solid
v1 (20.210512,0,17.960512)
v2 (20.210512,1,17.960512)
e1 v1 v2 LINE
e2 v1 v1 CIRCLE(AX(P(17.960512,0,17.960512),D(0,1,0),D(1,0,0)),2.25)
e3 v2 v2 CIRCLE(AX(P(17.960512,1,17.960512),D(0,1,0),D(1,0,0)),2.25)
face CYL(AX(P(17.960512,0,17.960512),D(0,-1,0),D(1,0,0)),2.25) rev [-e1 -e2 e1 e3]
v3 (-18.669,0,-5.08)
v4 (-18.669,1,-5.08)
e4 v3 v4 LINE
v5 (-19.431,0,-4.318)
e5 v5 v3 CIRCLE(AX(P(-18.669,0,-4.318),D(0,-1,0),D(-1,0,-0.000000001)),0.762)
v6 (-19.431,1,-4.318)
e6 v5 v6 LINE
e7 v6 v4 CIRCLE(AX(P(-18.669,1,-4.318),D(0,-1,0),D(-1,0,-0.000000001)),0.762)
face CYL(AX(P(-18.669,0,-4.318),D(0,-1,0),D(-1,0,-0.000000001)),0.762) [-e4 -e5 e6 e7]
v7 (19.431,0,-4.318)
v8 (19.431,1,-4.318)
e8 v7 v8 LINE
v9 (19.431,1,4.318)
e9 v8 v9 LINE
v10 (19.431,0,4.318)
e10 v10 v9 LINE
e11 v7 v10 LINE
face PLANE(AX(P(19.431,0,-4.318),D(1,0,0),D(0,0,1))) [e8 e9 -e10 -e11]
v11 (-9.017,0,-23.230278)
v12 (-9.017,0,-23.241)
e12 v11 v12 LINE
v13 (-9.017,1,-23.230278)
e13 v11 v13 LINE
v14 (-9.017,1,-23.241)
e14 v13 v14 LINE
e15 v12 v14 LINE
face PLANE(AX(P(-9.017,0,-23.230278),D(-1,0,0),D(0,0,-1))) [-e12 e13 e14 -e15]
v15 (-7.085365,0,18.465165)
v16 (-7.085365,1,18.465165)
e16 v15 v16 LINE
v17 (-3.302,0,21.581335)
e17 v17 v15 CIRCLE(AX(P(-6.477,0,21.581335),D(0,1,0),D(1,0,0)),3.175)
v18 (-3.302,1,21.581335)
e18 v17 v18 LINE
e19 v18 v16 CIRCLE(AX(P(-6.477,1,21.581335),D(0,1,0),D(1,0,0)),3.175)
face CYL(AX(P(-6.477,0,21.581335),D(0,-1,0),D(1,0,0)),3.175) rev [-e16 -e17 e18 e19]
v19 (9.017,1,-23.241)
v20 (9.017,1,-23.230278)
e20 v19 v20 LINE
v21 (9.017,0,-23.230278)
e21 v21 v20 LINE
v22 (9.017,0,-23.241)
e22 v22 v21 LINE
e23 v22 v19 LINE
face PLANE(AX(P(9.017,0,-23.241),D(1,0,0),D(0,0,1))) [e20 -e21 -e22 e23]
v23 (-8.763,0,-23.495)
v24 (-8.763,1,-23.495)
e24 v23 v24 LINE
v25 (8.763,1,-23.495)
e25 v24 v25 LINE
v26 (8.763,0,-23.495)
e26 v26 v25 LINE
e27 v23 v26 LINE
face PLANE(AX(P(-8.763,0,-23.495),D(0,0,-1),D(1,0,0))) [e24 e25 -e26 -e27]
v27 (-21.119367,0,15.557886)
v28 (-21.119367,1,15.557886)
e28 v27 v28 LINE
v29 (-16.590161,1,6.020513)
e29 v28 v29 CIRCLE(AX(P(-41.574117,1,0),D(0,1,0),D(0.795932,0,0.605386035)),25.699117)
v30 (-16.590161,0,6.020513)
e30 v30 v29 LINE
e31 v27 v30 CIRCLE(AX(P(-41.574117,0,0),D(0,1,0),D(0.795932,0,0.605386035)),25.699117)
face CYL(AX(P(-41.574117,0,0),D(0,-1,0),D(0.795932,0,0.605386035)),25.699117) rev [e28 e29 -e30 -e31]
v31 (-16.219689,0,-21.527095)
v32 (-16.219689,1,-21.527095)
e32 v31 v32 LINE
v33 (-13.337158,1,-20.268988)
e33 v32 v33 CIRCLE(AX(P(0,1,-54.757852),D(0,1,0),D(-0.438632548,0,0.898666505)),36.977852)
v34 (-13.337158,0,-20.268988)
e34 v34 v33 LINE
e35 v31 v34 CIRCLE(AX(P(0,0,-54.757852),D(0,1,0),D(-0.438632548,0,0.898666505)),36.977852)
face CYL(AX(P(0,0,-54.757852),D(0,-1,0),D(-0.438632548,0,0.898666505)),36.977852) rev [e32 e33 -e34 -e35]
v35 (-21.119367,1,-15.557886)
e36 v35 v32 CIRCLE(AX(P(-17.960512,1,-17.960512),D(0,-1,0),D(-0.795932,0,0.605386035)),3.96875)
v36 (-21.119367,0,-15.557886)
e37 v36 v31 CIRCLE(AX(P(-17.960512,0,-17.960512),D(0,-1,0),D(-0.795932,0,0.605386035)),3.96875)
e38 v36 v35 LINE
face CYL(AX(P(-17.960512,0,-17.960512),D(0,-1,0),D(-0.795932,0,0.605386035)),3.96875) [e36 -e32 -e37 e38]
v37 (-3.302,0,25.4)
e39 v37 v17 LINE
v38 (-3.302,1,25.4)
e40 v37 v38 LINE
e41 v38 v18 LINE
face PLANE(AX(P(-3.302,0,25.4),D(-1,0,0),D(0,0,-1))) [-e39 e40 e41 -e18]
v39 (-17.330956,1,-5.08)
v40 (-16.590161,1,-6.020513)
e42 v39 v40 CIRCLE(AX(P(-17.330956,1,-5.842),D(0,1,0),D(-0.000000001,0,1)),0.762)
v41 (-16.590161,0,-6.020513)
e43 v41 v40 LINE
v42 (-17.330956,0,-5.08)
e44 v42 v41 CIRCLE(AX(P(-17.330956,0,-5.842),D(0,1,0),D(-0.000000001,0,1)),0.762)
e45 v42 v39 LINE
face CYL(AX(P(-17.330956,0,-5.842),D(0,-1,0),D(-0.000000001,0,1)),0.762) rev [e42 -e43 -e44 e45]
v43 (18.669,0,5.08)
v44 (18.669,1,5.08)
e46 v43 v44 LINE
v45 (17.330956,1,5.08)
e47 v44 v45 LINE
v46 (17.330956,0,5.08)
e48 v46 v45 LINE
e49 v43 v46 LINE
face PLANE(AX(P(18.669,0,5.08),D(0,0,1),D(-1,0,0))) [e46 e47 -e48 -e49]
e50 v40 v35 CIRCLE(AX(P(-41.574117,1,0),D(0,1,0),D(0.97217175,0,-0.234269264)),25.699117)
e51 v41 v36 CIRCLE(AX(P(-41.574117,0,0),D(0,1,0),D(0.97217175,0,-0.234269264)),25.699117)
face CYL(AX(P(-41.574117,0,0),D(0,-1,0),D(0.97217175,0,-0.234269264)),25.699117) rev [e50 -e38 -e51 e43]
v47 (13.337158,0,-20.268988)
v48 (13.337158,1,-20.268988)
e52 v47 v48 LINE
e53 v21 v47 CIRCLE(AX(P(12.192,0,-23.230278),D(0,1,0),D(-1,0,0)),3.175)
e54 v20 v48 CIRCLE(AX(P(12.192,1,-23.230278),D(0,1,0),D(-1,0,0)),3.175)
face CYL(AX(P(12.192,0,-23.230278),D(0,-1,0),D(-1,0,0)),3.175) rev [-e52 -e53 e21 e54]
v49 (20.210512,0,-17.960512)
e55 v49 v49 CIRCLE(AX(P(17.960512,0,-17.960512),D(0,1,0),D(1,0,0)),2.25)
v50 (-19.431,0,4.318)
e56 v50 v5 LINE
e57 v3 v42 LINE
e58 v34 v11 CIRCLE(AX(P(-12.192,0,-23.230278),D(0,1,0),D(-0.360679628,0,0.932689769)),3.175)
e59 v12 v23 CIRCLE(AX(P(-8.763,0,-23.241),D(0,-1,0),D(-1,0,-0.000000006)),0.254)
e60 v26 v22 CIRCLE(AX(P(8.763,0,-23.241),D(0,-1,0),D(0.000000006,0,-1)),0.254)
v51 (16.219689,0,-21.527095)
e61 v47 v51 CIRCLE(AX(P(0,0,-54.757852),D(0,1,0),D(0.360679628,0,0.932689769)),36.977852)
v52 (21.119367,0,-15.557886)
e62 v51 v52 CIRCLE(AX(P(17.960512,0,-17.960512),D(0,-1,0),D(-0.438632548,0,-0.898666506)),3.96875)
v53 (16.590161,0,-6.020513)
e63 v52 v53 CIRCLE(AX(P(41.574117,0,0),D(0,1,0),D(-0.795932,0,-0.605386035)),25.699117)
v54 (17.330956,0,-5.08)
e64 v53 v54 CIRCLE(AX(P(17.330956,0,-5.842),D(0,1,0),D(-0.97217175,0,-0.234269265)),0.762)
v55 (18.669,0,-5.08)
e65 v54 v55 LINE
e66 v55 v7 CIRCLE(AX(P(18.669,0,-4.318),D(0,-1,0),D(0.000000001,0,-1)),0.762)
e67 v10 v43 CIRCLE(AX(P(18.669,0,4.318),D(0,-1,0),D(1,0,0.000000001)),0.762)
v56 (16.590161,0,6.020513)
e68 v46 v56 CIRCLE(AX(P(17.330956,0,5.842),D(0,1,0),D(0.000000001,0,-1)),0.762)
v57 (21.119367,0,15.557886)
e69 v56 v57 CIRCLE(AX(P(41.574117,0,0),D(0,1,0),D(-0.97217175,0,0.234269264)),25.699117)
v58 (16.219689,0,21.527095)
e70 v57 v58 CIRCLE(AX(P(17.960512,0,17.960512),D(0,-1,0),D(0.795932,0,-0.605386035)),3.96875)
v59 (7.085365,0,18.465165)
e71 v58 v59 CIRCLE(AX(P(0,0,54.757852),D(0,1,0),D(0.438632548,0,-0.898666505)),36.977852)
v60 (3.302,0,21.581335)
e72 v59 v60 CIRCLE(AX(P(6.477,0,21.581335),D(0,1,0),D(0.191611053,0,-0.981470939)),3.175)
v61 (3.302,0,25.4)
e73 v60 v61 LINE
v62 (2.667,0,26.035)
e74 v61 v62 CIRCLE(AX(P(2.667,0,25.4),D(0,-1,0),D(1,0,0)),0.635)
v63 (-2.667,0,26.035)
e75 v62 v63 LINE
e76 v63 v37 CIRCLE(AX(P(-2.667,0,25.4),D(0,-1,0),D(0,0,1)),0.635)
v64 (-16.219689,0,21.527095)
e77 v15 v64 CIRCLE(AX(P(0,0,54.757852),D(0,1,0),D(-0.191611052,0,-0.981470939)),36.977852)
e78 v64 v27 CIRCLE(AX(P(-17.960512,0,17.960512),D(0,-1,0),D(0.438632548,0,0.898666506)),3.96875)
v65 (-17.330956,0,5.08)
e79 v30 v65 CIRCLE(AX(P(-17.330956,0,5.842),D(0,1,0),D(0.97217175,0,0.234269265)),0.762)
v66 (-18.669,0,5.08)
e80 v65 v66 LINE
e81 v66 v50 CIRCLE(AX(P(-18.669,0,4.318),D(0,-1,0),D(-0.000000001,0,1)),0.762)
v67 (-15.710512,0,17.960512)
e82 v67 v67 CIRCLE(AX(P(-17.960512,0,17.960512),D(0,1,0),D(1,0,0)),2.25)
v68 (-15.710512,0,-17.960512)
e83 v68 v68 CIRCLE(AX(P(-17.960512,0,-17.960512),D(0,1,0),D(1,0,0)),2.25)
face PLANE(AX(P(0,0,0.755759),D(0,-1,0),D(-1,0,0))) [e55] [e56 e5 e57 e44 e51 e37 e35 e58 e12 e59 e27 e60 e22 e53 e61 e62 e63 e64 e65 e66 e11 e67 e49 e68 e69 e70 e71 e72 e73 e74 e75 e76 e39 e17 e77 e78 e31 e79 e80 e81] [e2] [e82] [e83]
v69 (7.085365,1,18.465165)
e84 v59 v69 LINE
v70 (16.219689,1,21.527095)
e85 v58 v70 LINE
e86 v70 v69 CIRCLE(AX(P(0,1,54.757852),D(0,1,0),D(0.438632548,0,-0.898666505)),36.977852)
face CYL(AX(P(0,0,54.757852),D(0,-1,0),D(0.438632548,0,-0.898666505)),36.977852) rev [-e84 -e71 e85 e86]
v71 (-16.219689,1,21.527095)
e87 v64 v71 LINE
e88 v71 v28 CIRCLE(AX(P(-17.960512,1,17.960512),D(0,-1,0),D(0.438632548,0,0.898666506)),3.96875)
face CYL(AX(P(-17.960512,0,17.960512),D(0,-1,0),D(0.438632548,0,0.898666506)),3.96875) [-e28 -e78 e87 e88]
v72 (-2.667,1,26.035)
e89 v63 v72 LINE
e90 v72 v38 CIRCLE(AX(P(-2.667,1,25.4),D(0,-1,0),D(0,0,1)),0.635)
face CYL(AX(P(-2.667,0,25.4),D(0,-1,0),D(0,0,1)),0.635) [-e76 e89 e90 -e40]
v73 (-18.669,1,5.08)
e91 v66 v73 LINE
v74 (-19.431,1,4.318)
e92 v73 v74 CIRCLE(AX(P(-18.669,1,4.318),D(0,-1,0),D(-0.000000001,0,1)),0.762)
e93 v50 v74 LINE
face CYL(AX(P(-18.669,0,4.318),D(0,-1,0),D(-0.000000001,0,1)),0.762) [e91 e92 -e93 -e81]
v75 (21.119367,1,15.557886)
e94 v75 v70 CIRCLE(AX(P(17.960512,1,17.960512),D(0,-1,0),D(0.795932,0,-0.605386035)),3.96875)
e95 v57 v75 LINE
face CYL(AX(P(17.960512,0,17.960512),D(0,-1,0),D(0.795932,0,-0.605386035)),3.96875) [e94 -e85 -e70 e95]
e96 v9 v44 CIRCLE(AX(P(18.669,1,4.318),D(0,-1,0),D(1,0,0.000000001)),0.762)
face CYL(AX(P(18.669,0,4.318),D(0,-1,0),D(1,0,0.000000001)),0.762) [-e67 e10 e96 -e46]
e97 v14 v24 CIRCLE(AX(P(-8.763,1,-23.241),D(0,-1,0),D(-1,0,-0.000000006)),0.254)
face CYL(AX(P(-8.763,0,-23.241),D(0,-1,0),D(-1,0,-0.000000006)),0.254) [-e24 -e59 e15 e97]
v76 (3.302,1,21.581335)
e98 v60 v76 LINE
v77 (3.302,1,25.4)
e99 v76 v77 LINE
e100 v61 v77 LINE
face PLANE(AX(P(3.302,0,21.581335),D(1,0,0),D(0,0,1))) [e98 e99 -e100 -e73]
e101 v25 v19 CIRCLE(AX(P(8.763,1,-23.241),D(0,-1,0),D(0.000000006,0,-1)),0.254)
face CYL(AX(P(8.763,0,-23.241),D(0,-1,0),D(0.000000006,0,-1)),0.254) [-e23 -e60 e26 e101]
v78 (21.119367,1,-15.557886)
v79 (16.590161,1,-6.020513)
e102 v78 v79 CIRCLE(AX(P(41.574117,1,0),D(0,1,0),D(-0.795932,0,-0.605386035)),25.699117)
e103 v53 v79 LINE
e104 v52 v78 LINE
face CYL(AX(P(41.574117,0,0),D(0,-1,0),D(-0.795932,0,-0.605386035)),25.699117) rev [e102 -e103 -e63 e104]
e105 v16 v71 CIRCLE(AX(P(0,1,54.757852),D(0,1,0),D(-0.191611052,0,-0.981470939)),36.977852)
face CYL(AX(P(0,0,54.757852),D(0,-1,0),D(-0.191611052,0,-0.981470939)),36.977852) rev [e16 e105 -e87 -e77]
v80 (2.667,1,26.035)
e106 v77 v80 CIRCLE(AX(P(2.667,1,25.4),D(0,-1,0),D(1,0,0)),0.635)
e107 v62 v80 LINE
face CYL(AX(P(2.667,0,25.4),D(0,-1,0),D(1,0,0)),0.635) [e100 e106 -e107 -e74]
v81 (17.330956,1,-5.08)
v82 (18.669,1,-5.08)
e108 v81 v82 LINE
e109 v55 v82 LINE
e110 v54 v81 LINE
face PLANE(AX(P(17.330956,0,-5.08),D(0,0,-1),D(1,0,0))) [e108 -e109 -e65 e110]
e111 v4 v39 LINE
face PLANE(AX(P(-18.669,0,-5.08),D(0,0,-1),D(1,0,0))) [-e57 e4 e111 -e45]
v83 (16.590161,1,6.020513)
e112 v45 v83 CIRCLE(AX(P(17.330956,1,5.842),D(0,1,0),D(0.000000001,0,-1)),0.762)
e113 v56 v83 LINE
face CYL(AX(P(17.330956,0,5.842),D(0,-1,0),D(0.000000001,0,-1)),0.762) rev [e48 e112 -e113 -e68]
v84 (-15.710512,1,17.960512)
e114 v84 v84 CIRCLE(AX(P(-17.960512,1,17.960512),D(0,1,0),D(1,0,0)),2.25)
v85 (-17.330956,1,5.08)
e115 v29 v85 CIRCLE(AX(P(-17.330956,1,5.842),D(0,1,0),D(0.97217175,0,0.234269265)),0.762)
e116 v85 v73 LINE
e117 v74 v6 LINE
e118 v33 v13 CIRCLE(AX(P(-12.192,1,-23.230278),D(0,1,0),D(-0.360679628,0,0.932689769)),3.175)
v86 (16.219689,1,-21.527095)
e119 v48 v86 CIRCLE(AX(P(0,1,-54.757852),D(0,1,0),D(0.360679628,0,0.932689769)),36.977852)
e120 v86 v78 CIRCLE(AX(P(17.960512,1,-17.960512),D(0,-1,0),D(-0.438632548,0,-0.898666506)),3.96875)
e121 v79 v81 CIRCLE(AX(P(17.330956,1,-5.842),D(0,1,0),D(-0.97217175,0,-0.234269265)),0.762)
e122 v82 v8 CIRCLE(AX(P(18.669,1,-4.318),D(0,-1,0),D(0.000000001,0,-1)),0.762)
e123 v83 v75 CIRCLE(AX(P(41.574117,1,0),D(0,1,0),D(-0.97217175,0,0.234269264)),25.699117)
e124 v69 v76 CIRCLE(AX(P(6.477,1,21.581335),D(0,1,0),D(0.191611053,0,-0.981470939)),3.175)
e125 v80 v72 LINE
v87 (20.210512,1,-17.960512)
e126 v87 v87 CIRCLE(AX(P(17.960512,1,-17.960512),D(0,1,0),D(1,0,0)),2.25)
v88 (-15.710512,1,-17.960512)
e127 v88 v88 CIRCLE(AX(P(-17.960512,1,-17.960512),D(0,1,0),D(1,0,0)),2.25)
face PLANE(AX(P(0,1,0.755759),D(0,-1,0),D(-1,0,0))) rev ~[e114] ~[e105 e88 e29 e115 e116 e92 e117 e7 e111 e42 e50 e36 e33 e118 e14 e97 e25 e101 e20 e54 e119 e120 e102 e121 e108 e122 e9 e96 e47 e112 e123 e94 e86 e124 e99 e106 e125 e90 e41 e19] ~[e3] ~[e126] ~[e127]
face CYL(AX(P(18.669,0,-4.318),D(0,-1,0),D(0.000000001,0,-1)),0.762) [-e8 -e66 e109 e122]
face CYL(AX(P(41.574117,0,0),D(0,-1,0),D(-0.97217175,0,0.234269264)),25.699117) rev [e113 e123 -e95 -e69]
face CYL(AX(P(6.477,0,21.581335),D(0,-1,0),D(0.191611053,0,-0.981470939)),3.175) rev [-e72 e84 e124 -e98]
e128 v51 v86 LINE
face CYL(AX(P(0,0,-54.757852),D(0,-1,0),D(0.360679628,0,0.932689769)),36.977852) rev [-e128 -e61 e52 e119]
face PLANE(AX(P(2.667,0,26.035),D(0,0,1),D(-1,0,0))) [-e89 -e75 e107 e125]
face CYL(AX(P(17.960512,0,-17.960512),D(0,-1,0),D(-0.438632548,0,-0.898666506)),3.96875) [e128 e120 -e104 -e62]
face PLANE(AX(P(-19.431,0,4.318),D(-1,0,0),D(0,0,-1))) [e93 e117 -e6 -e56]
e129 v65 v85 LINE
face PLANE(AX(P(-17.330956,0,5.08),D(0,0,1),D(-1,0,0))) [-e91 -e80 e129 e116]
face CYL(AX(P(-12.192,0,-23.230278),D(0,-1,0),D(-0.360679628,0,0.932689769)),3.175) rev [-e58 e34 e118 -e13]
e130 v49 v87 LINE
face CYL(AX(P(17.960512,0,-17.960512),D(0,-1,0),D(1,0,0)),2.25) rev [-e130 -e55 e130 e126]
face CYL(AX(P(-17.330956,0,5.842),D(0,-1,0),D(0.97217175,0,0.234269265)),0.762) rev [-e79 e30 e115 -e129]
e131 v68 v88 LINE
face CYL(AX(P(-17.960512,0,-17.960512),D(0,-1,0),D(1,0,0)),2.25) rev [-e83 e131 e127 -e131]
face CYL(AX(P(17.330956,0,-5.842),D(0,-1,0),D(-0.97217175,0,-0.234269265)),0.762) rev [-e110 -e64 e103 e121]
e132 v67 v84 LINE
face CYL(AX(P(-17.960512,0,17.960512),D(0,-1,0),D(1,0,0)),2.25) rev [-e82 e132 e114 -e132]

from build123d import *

# Parameters (mm, degrees)
SKETCH1_R           = 2.25
BOSS_EXTRUDE2_DEPTH = 1


with BuildPart() as part:
    # Sketch1 → Boss-Extrude2 (new body)
    with BuildSketch(Plane(origin=(0, 0, 0), x_dir=(1, 0, 0), z_dir=(0, 1, 0))):
        with BuildLine():
            Line((-17.330956316, -5.08), (-18.669, -5.08))
            ThreePointArc((-18.669, -5.08), (-19.207815367, -4.856815367), (-19.431, -4.318))
            Line((-19.431, -4.318), (-19.431, 4.318))
            ThreePointArc((-19.431, 4.318), (-19.207815367, 4.856815367), (-18.669, 5.08))
            Line((-18.669, 5.08), (-17.330956316, 5.08))
            ThreePointArc((-17.330956316, 5.08), (-16.732344988, 5.370503999), (-16.590161442, 6.020513179))
            ThreePointArc((-16.590161442, 6.020513179), (-18.359695736, 11.0243031), (-21.119367367, 15.557886415))
            ThreePointArc((-21.119367367, 15.557886415), (-21.028176895, 20.478529347), (-16.219689319, 21.527094936))
            ThreePointArc((-16.219689319, 21.527094936), (-14.791805557, 20.867380989), (-13.337157819, 20.268987731))
            ThreePointArc((-13.337157819, 20.268987731), (-10.39690266, 20.611451573), (-9.017, 23.230277748))
            Line((-9.017, 23.230277748), (-9.017, 23.241))
            ThreePointArc((-9.017, 23.241), (-8.942605122, 23.420605122), (-8.763, 23.495))
            Line((-8.763, 23.495), (8.763, 23.495))
            ThreePointArc((8.763, 23.495), (8.942605122, 23.420605122), (9.017, 23.241))
            Line((9.017, 23.241), (9.017, 23.230277748))
            ThreePointArc((9.017, 23.230277748), (10.39690266, 20.611451573), (13.337157819, 20.268987731))
            ThreePointArc((13.337157819, 20.268987731), (14.791805557, 20.867380989), (16.219689319, 21.527094936))
            ThreePointArc((16.219689319, 21.527094936), (21.028176895, 20.478529347), (21.119367367, 15.557886415))
            ThreePointArc((21.119367367, 15.557886415), (18.359695736, 11.0243031), (16.590161442, 6.020513179))
            ThreePointArc((16.590161442, 6.020513179), (16.732344988, 5.370503999), (17.330956316, 5.08))
            Line((17.330956316, 5.08), (18.669, 5.08))
            ThreePointArc((18.669, 5.08), (19.207815367, 4.856815367), (19.431, 4.318))
            Line((19.431, 4.318), (19.431, -4.318))
            ThreePointArc((19.431, -4.318), (19.207815367, -4.856815367), (18.669, -5.08))
            Line((18.669, -5.08), (17.330956316, -5.08))
            ThreePointArc((17.330956316, -5.08), (16.732344988, -5.370503999), (16.590161442, -6.020513179))
            ThreePointArc((16.590161442, -6.020513179), (18.359695736, -11.0243031), (21.119367367, -15.557886415))
            ThreePointArc((21.119367367, -15.557886415), (21.028176895, -20.478529347), (16.219689319, -21.527094936))
            ThreePointArc((16.219689319, -21.527094936), (11.752669663, -19.697385754), (7.085365092, -18.465164862))
            ThreePointArc((7.085365092, -18.465164862), (4.458452771, -19.130602125), (3.302, -21.581335094))
            Line((3.302, -21.581335094), (3.302, -25.4))
            ThreePointArc((3.302, -25.4), (3.116012806, -25.849012806), (2.667, -26.035))
            Line((2.667, -26.035), (-2.667, -26.035))
            ThreePointArc((-2.667, -26.035), (-3.116012806, -25.849012806), (-3.302, -25.4))
            Line((-3.302, -25.4), (-3.302, -21.581335094))
            ThreePointArc((-3.302, -21.581335094), (-4.458452771, -19.130602125), (-7.085365092, -18.465164862))
            ThreePointArc((-7.085365092, -18.465164862), (-11.752669663, -19.697385754), (-16.219689319, -21.527094936))
            ThreePointArc((-16.219689319, -21.527094936), (-21.028176895, -20.478529347), (-21.119367367, -15.557886415))
            ThreePointArc((-21.119367367, -15.557886415), (-18.359695736, -11.0243031), (-16.590161442, -6.020513179))
            ThreePointArc((-16.590161442, -6.020513179), (-16.732344988, -5.370503999), (-17.330956316, -5.08))
        make_face()
        with Locations((-17.960512242, -17.960512242)):
            Circle(SKETCH1_R, mode=Mode.SUBTRACT)
        with Locations((17.960512242, -17.960512242)):
            Circle(SKETCH1_R, mode=Mode.SUBTRACT)
        with Locations((17.960512242, 17.960512242)):
            Circle(SKETCH1_R, mode=Mode.SUBTRACT)
        with Locations((-17.960512242, 17.960512242)):
            Circle(SKETCH1_R, mode=Mode.SUBTRACT)
    extrude(amount=BOSS_EXTRUDE2_DEPTH)


solid = part.part
